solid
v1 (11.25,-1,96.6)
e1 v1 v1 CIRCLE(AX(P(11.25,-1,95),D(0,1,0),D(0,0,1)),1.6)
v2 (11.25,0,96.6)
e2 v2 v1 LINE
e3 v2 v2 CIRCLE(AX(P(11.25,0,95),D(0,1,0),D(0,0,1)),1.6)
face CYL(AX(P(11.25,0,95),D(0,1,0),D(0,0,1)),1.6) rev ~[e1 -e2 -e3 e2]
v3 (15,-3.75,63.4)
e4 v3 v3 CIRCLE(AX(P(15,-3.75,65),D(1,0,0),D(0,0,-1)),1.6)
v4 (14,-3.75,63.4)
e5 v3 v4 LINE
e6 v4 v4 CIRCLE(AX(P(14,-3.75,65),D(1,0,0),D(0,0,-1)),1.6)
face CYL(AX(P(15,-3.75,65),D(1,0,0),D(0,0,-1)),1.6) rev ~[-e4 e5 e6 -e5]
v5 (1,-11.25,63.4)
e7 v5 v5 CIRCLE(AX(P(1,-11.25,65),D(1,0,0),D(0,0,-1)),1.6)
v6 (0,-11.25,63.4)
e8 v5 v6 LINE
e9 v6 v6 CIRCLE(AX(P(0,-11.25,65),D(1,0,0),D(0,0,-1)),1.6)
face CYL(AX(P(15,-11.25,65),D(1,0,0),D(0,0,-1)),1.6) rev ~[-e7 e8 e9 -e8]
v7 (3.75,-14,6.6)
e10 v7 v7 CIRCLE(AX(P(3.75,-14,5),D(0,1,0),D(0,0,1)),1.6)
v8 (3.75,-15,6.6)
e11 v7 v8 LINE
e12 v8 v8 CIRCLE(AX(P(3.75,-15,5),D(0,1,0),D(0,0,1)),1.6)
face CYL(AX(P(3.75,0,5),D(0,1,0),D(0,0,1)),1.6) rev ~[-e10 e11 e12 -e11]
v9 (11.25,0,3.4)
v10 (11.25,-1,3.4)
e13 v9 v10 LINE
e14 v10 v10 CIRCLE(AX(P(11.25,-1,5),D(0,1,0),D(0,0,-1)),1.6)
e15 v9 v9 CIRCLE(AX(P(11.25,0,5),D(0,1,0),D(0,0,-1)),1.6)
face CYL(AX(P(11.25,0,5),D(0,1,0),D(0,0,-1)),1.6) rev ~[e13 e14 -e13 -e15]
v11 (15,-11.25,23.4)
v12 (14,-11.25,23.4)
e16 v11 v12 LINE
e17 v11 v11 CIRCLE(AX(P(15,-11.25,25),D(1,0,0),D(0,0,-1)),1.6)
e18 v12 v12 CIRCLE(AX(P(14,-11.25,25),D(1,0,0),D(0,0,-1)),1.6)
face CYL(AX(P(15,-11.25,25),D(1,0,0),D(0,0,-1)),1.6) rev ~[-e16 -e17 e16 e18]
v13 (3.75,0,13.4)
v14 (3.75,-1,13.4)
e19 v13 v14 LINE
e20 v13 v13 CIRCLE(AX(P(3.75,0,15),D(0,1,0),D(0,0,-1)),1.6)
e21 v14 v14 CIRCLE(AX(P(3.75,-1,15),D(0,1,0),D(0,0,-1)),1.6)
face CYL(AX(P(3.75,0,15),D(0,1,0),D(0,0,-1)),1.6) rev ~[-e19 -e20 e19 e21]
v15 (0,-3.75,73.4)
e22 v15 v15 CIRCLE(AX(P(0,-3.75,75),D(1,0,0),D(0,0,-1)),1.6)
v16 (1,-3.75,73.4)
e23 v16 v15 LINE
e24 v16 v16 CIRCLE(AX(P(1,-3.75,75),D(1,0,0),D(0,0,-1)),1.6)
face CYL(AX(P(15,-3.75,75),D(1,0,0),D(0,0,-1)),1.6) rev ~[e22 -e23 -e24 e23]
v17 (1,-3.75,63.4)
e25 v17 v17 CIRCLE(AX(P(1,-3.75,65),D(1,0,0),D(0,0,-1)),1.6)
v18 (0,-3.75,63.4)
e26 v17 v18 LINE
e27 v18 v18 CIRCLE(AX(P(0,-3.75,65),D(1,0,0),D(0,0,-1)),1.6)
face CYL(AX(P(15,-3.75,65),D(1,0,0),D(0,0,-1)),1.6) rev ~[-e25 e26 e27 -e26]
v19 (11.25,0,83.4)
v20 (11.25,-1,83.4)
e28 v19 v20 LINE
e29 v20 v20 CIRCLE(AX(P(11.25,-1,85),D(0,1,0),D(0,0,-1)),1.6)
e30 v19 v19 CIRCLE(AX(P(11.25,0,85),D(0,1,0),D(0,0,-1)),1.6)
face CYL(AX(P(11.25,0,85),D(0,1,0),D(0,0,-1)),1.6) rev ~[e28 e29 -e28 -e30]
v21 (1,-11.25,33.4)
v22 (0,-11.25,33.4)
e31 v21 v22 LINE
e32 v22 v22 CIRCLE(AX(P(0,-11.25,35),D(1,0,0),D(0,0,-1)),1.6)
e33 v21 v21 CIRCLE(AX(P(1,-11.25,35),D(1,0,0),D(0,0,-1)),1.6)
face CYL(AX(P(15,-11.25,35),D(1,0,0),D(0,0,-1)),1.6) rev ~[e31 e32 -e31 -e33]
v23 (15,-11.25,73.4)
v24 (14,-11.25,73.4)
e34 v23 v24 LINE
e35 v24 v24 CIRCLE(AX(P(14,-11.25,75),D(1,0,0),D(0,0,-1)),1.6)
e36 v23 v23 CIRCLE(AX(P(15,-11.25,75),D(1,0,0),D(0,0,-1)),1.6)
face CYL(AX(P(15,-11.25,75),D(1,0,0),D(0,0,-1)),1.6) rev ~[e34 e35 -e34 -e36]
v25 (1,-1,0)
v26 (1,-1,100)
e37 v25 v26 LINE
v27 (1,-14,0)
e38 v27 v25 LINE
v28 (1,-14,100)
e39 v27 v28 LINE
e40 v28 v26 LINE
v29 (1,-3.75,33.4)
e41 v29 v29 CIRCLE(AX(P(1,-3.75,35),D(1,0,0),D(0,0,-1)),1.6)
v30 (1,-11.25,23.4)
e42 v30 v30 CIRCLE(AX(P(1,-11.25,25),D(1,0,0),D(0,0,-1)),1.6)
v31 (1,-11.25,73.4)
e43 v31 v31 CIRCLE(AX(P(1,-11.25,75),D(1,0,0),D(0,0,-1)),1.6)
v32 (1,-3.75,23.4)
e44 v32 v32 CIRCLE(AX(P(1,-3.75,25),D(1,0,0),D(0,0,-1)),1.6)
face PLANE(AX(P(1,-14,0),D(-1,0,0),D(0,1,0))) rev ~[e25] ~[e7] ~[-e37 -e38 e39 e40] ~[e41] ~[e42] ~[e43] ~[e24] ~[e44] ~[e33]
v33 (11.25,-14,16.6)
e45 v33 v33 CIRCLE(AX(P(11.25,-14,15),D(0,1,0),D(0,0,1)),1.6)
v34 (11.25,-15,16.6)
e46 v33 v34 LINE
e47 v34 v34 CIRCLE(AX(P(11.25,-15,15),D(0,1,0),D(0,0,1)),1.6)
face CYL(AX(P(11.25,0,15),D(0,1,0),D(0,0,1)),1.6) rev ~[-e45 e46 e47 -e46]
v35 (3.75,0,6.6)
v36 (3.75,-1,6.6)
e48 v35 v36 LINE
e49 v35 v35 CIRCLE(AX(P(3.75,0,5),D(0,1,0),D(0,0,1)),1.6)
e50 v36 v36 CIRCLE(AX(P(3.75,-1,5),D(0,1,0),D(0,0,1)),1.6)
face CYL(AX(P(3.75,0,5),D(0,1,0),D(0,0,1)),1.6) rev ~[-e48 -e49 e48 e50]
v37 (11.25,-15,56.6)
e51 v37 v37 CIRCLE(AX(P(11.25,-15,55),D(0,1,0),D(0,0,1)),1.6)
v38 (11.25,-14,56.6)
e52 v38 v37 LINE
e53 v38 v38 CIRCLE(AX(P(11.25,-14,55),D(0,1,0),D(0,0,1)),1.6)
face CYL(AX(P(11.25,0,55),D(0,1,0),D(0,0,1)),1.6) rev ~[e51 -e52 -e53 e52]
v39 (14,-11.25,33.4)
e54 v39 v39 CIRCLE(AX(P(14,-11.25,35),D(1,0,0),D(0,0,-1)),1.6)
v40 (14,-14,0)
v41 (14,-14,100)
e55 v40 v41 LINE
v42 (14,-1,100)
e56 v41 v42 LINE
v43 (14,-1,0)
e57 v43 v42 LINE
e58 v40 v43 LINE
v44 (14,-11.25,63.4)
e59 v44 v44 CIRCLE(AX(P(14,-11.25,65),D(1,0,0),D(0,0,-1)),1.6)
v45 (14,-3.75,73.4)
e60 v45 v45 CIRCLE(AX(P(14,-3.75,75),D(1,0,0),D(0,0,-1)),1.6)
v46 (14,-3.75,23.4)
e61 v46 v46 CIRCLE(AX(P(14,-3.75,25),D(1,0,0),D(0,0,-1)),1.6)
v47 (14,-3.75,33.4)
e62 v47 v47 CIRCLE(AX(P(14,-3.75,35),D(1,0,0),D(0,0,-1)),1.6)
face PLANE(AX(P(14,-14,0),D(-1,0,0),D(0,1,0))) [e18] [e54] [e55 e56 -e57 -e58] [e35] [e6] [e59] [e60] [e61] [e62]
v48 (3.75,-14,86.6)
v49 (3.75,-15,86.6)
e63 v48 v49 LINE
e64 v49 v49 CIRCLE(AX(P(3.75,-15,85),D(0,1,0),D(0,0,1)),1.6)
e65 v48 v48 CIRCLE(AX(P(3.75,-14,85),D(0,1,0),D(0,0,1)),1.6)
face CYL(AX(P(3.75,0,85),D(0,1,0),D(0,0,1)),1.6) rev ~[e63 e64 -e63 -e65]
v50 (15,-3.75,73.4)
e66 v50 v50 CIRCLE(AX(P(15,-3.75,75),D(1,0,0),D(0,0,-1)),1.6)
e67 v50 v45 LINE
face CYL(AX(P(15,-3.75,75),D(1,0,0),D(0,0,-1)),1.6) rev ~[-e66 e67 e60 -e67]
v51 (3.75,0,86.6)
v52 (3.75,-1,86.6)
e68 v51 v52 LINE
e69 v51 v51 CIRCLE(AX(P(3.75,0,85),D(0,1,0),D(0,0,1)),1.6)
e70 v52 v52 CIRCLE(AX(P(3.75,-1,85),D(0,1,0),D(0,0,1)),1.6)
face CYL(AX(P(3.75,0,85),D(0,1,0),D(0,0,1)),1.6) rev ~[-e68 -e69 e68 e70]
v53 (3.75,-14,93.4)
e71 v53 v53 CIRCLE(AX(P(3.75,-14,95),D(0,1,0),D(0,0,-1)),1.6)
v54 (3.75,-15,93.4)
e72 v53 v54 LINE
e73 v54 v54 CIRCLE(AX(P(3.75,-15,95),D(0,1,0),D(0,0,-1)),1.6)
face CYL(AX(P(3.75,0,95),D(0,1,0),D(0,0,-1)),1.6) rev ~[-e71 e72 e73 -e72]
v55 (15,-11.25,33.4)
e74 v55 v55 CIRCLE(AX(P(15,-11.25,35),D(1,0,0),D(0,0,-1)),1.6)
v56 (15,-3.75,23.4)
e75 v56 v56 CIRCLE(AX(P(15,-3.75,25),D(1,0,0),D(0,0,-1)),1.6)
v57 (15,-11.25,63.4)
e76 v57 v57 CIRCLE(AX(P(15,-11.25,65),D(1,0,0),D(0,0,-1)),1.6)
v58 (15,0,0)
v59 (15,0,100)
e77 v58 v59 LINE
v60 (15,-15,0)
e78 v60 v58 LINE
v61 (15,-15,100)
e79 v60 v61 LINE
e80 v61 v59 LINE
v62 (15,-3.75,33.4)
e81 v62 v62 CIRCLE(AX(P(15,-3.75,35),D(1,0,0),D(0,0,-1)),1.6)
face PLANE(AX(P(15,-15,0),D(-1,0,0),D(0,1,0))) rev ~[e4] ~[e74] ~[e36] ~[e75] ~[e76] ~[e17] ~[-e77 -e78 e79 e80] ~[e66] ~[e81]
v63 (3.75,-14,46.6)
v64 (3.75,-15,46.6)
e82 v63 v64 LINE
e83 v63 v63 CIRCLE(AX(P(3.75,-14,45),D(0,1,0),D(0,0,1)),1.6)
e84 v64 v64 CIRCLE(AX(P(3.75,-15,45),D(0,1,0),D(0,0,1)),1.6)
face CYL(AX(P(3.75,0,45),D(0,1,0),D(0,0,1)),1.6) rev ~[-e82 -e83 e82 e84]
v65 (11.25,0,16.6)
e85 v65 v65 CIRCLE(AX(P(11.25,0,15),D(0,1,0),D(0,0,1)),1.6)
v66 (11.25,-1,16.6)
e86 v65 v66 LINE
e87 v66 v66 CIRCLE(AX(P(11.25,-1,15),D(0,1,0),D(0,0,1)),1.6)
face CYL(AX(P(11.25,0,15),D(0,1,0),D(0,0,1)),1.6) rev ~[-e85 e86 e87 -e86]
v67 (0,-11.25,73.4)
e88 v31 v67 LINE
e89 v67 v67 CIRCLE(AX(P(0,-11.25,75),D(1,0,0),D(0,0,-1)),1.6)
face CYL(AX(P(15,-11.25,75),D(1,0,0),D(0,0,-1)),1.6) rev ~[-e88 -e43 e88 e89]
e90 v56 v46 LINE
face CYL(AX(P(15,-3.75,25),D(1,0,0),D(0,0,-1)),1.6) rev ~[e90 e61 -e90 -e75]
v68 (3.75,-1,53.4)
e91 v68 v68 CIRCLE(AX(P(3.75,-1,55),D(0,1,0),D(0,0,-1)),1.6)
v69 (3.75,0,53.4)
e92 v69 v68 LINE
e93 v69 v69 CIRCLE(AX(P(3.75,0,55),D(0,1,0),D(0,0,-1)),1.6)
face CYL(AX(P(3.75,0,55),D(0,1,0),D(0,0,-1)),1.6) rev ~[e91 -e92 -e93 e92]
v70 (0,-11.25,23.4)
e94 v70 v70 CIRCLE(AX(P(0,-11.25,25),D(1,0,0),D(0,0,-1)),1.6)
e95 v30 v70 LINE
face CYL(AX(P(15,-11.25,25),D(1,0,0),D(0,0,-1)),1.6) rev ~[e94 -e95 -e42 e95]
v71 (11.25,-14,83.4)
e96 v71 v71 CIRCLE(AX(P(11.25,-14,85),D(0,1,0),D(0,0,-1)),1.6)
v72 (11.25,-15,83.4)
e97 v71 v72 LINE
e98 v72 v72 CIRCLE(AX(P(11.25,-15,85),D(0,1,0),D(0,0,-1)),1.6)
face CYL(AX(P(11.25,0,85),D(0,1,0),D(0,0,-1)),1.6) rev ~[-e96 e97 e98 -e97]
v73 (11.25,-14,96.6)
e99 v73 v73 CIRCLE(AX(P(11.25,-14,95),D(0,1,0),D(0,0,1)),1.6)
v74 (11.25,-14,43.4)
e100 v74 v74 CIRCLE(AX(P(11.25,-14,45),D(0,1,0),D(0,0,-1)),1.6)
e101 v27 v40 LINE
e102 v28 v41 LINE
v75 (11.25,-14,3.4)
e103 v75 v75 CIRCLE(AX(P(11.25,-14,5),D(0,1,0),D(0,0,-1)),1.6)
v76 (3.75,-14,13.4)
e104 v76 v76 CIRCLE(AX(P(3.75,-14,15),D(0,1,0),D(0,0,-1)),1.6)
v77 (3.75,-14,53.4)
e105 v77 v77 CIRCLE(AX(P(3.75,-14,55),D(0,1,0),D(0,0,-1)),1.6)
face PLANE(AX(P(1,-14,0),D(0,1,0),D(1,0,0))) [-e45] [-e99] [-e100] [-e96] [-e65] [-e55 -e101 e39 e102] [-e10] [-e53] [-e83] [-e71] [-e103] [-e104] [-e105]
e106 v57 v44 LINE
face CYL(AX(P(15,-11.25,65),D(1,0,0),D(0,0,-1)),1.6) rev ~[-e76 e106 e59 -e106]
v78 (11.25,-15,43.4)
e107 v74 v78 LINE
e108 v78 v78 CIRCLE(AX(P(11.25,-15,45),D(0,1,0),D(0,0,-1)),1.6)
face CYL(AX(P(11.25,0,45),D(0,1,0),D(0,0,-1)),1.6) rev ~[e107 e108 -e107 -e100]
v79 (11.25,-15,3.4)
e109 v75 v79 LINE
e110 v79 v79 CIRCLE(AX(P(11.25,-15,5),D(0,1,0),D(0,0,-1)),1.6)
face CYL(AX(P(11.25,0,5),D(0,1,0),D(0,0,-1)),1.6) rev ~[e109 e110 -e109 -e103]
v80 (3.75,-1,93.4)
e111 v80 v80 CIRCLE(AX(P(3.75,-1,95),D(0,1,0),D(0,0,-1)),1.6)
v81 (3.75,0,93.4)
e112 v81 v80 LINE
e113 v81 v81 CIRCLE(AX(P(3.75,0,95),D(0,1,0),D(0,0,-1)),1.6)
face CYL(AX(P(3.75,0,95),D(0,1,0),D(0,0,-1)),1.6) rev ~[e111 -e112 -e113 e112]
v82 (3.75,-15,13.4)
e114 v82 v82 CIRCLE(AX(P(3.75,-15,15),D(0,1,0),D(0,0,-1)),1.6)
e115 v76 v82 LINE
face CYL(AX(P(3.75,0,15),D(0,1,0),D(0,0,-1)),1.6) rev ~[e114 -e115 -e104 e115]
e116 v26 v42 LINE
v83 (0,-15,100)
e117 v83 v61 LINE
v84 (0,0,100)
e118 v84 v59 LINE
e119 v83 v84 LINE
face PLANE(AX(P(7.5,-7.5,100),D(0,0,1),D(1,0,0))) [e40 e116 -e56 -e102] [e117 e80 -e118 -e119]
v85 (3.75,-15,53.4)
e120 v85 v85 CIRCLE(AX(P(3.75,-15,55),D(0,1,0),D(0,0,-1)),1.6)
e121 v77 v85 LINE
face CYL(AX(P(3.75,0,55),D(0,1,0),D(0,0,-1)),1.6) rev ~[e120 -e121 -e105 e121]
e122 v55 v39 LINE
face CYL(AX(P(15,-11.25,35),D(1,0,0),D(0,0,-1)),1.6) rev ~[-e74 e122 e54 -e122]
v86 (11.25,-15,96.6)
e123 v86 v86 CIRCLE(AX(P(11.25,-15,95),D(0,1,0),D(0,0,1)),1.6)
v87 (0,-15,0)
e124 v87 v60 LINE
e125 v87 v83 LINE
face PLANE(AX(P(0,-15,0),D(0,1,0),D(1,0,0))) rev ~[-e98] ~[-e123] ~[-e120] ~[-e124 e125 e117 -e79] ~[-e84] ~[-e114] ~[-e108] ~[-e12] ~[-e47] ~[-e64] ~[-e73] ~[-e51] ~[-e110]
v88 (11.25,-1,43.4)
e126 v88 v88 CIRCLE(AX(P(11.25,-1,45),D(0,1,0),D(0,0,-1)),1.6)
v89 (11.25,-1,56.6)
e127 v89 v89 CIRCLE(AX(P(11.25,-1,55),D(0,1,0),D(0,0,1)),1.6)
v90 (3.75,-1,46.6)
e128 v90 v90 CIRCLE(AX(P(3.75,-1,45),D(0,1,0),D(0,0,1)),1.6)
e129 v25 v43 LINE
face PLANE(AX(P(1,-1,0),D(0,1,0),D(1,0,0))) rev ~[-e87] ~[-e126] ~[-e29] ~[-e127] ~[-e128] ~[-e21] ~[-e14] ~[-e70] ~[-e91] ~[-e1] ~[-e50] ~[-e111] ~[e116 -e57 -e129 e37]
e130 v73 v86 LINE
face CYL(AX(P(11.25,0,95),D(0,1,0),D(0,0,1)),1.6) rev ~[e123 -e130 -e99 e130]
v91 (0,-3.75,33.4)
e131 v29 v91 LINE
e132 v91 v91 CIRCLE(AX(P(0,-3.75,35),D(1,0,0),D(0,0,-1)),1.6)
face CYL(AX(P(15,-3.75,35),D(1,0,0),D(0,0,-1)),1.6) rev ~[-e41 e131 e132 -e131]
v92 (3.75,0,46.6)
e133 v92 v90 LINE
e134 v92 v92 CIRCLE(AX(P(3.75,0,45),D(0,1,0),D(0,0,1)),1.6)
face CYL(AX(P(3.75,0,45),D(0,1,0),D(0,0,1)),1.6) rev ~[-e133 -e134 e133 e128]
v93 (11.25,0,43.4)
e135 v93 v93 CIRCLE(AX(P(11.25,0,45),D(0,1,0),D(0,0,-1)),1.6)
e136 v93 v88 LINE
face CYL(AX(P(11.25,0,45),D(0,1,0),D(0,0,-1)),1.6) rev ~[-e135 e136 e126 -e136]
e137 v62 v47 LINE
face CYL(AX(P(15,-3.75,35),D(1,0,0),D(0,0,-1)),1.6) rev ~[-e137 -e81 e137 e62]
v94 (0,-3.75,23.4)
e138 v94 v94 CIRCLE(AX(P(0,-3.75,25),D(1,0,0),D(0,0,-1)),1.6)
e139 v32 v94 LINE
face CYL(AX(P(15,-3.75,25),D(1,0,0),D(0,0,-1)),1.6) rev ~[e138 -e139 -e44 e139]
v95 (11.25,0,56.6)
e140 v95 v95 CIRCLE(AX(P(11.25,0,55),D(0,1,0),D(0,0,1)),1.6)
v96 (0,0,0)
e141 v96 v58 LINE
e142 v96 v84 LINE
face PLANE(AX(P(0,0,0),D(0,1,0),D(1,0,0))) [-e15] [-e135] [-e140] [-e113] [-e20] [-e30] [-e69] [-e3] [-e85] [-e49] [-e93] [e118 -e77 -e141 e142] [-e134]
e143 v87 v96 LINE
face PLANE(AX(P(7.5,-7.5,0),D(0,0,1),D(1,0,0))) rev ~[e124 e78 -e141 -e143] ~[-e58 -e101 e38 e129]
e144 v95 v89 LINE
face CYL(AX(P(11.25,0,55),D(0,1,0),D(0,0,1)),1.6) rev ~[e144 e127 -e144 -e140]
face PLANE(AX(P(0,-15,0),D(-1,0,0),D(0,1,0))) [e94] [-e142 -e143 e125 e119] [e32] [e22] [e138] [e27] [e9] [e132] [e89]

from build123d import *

# Parameters (mm, degrees)
SKETCH_1_W          = 15
SKETCH_1_H          = 15
SKETCH_1_W_2        = 13
SKETCH_1_H_2        = 13
EXTRUDE_1_DEPTH     = 100
SKETCH_2_R          = 1.6
CUT_EXTRUDE_1_DEPTH = 103.225241501
SKETCH_3_R          = 1.6
CUT_EXTRUDE_2_DEPTH = 103.225241501


with BuildPart() as part:
    # 草图1 → 拉伸-薄壁1 (new body)
    with BuildSketch(Plane.XY):
        with Locations((7.5, -7.5)):
            Rectangle(SKETCH_1_W, SKETCH_1_H)
        with Locations((7.5, -7.5)):
            Rectangle(SKETCH_1_W_2, SKETCH_1_H_2, mode=Mode.SUBTRACT)
    extrude(amount=EXTRUDE_1_DEPTH)

    # 草图2 → 切除-拉伸1 (cut, through all)
    with BuildSketch(Plane(origin=(15, 0, 0), x_dir=(0, 0, -1), z_dir=(1, 0, 0))):
        with Locations((-75, -3.75)):
            Circle(SKETCH_2_R)
        with Locations((-75, -11.25)):
            Circle(SKETCH_2_R)
        with Locations((-65, -11.25)):
            Circle(SKETCH_2_R)
        with Locations((-65, -3.75)):
            Circle(SKETCH_2_R)
        with Locations((-25, -3.75)):
            Circle(SKETCH_2_R)
        with Locations((-25, -11.25)):
            Circle(SKETCH_2_R)
        with Locations((-35, -11.25)):
            Circle(SKETCH_2_R)
        with Locations((-35, -3.75)):
            Circle(SKETCH_2_R)
    extrude(amount=-CUT_EXTRUDE_1_DEPTH, mode=Mode.SUBTRACT)

    # 草图3 → 切除-拉伸2 (cut, through all)
    with BuildSketch(Plane(origin=(0, 0, 0), x_dir=(1, 0, 0), z_dir=(0, 1, 0))):
        with Locations(Location((3.75, -5, 0), (0, 0, 270))):
            Circle(SKETCH_3_R)
        with Locations(Location((11.25, -5, 0), (0, 0, 90))):
            Circle(SKETCH_3_R)
        with Locations(Location((11.25, -15, 0), (0, 0, 270))):
            Circle(SKETCH_3_R)
        with Locations(Location((3.75, -15, 0), (0, 0, 90))):
            Circle(SKETCH_3_R)
        with Locations(Location((3.75, -45, 0), (0, 0, 270))):
            Circle(SKETCH_3_R)
        with Locations(Location((11.25, -45, 0), (0, 0, 90))):
            Circle(SKETCH_3_R)
        with Locations(Location((11.25, -55, 0), (0, 0, 270))):
            Circle(SKETCH_3_R)
        with Locations(Location((3.75, -55, 0), (0, 0, 90))):
            Circle(SKETCH_3_R)
        with Locations(Location((3.75, -85, 0), (0, 0, 270))):
            Circle(SKETCH_3_R)
        with Locations(Location((11.25, -85, 0), (0, 0, 90))):
            Circle(SKETCH_3_R)
        with Locations(Location((11.25, -95, 0), (0, 0, 270))):
            Circle(SKETCH_3_R)
        with Locations(Location((3.75, -95, 0), (0, 0, 90))):
            Circle(SKETCH_3_R)
    extrude(amount=-CUT_EXTRUDE_2_DEPTH, mode=Mode.SUBTRACT)


solid = part.part
